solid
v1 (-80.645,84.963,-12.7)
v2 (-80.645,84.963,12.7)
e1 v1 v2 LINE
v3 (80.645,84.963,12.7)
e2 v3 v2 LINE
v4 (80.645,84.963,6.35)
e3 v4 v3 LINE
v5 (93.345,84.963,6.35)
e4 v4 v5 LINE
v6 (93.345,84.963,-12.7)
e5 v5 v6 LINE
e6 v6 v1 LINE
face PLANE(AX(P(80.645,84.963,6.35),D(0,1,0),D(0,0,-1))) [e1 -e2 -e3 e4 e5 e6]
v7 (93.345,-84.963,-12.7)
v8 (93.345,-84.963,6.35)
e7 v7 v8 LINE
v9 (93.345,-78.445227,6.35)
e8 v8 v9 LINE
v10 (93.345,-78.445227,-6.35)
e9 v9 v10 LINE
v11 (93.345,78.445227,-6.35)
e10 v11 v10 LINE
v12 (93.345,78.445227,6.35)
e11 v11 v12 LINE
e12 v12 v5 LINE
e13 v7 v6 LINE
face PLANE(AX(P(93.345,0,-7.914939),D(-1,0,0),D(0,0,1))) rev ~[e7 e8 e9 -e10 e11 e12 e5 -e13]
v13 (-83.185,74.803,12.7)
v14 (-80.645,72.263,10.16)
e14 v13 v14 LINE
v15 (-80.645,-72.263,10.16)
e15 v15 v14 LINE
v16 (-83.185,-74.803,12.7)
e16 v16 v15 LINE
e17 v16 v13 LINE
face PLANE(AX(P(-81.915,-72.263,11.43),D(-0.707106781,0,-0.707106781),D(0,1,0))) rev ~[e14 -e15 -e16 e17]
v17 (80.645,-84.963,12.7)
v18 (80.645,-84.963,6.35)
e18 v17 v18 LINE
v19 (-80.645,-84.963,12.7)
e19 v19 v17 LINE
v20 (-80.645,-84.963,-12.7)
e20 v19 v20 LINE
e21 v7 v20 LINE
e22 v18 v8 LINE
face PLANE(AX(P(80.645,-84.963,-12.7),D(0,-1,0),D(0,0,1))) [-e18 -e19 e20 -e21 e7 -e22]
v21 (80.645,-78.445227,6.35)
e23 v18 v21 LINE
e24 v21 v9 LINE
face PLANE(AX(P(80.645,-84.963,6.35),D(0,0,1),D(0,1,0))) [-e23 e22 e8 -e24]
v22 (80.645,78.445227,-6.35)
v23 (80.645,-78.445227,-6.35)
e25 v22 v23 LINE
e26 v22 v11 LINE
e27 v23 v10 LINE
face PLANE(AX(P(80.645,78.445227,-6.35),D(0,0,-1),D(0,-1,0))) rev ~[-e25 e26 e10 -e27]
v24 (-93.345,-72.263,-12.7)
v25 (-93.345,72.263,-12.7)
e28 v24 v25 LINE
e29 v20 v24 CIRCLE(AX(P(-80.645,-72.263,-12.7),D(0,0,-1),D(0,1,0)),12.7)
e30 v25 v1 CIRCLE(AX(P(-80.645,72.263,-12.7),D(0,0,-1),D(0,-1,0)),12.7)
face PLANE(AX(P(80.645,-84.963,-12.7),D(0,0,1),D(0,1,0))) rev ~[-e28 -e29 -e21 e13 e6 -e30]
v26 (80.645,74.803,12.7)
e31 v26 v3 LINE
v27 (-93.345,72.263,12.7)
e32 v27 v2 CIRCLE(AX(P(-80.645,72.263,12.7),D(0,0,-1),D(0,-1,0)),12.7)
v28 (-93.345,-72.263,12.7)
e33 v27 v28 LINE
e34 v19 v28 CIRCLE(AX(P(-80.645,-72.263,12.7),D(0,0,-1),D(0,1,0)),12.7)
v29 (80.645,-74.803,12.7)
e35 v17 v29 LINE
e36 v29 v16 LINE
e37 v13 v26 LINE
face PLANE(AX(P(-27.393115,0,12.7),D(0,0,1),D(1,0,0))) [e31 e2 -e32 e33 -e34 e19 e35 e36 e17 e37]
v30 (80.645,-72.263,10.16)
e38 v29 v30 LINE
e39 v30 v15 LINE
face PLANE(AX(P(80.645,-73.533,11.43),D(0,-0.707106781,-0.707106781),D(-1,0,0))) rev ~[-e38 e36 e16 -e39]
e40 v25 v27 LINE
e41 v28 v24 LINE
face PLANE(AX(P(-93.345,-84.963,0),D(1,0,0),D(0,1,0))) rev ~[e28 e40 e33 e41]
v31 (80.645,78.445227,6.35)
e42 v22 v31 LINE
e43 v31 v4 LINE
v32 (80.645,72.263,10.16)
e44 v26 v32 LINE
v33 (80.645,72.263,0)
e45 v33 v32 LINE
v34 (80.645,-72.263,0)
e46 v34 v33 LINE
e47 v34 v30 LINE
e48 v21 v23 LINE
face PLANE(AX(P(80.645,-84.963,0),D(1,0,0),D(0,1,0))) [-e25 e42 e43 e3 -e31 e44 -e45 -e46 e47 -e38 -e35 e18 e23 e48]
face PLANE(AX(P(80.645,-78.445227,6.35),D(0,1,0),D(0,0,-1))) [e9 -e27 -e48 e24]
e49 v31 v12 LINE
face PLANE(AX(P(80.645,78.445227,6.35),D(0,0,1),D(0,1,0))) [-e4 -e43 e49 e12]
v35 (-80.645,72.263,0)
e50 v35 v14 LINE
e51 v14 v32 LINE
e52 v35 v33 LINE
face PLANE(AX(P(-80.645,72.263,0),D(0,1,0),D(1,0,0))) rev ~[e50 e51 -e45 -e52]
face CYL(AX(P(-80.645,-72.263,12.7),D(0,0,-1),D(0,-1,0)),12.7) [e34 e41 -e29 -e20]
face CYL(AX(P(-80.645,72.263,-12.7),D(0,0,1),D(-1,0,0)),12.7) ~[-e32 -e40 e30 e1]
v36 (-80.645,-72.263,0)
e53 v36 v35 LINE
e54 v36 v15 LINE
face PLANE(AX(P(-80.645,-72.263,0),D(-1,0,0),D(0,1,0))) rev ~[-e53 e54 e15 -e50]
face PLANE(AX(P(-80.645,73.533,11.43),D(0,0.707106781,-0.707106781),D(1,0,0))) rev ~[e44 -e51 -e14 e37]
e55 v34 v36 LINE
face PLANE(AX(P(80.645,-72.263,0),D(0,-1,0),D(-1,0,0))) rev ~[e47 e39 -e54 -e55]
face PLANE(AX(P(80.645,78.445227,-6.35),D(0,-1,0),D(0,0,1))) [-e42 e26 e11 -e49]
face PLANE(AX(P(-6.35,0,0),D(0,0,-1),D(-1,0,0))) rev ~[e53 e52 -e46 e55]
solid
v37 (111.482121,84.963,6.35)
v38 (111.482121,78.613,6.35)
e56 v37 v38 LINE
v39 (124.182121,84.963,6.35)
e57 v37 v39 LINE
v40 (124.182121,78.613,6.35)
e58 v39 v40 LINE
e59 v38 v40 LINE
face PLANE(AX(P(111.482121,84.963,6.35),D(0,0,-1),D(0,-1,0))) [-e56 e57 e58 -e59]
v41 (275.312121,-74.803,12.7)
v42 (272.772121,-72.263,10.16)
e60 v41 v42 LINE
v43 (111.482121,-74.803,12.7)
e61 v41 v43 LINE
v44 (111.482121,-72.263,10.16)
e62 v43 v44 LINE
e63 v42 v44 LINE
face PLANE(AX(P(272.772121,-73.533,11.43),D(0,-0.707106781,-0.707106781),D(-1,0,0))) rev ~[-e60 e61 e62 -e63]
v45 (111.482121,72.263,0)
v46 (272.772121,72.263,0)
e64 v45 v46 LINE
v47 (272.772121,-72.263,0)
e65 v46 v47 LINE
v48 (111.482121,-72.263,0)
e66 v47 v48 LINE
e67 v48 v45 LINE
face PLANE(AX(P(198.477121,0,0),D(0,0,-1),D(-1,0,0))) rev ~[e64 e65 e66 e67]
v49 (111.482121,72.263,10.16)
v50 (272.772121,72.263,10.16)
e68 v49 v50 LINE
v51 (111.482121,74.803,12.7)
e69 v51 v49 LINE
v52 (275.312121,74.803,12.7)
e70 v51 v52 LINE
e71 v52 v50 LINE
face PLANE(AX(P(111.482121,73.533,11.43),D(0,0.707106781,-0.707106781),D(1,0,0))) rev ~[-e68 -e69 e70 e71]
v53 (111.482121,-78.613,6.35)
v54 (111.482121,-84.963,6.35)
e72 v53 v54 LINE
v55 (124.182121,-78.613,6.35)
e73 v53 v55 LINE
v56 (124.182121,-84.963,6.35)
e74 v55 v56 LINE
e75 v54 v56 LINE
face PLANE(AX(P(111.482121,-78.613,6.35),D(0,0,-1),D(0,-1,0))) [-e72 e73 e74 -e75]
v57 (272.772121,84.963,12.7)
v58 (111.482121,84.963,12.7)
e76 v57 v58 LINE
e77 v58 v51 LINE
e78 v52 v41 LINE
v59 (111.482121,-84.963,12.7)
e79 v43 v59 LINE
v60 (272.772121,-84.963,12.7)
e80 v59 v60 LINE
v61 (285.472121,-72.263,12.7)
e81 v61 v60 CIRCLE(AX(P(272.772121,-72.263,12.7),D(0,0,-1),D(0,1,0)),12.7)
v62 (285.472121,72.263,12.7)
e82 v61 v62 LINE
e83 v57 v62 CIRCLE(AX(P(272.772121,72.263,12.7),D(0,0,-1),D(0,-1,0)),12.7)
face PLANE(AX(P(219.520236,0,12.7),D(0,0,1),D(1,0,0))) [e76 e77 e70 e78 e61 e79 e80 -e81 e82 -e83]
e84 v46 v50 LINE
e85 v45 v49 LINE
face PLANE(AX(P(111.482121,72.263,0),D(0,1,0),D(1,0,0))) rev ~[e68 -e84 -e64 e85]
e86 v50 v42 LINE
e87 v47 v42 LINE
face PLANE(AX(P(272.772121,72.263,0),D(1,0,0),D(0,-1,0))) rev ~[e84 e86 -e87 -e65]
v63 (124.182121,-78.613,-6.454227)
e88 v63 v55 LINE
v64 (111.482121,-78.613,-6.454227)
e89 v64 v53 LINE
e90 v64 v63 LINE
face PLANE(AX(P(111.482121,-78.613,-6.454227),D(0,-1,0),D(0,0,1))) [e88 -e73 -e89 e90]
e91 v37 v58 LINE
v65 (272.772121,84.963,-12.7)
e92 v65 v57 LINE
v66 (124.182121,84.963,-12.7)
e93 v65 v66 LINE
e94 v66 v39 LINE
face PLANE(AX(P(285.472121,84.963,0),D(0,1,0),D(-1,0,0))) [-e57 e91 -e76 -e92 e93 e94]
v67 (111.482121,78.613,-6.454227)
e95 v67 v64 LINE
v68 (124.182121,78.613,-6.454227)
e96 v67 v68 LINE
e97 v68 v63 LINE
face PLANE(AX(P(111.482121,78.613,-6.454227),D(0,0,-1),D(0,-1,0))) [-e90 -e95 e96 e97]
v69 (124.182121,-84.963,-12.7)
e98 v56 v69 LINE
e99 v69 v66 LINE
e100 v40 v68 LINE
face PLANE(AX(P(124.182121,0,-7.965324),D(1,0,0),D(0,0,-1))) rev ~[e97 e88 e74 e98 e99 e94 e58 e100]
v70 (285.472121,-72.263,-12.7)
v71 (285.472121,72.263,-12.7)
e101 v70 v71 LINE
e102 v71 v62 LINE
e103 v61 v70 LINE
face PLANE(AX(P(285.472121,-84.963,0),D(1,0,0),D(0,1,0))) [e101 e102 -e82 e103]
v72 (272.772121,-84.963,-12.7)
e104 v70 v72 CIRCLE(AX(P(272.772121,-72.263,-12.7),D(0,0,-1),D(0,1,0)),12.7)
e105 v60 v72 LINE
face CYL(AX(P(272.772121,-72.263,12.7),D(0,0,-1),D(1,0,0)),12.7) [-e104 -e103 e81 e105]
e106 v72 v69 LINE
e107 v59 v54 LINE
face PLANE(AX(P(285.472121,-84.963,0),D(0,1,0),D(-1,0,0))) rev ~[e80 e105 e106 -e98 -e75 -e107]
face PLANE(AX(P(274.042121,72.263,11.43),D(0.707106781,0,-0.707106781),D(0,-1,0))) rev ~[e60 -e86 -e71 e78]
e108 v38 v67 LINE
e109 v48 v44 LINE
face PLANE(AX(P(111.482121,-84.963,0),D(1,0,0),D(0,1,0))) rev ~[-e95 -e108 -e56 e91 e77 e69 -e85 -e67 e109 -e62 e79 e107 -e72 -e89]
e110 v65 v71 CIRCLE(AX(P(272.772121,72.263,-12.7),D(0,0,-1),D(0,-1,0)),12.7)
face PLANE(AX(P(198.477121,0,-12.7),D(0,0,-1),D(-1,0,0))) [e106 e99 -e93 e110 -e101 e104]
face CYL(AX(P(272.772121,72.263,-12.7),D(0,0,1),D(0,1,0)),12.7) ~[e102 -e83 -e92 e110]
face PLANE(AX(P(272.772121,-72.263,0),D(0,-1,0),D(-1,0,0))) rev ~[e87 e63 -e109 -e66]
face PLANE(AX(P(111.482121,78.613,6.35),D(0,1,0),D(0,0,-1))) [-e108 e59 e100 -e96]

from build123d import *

# Parameters (mm, degrees)
BOSS_EXTRUDE1_DEPTH = 12.7
SKETCH2_W           = 173.99
SKETCH2_H           = 169.926
BOSS_EXTRUDE2_DEPTH = 12.7
FILLET1_R           = 12.7
FILLET2_SIZE        = 2.54
BOSS_EXTRUDE5_DEPTH = 12.7
BOSS_EXTRUDE6_DEPTH = 12.7
SKETCH8_W           = 173.99
SKETCH8_H           = 169.926
BOSS_EXTRUDE7_DEPTH = 12.7
CUT_EXTRUDE1_DEPTH  = 12.7
CHAMFER1_SIZE       = 2.54
FILLET4_R           = 12.7


with BuildPart() as part:
    # Sketch1 → Boss-Extrude1 (new body)
    with BuildSketch(Plane.XY):
        Polygon((-80.645, 72.263), (80.645, 72.263), (80.645, 84.963), (-93.345, 84.963), (-93.345, -84.963), (80.645, -84.963), (80.645, -72.263), (-80.645, -72.263), align=None)
    extrude(amount=BOSS_EXTRUDE1_DEPTH)

    # Sketch2 → Boss-Extrude2 (add)
    with BuildSketch(Plane(origin=(0, 0, 0), x_dir=(-1, 0, 0), z_dir=(0, 0, -1))):
        with Locations((6.35, 0)):
            Rectangle(SKETCH2_W, SKETCH2_H)
    extrude(amount=BOSS_EXTRUDE2_DEPTH)

    # Fillet1
    fillet1_edges = [part.edges().sort_by_distance(p)[0] for p in [
        (-93.345, -84.963, 0),
        (-93.345, 84.963, 0),
    ]]
    fillet(fillet1_edges, radius=FILLET1_R)

    # Fillet2
    fillet2_edges = [part.edges().sort_by_distance(p)[0] for p in [
        (0, -72.263, 12.7),
        (-80.645, 0, 12.7),
        (0, 72.263, 12.7),
    ]]
    chamfer(fillet2_edges, length=FILLET2_SIZE)

    # Sketch6 → Boss-Extrude5 (add)
    with BuildSketch(Plane(origin=(80.645, 0, 0), x_dir=(0, 0, -1), z_dir=(1, 0, 0))):
        Polygon((-6.35, 84.963), (12.7, 84.963), (12.7, 65.913), (12.7, -65.913), (12.7, -84.963), (-6.35, -84.963), (-6.35, -78.445226504), (6.35, -78.445226504), (6.35, -65.659), (6.35, 65.659), (6.35, 78.445226504), (-6.35, 78.445226504), align=None)
    extrude(amount=BOSS_EXTRUDE5_DEPTH)


with BuildPart() as body_2:
    # Sketch7 → Boss-Extrude6 (new body)
    with BuildSketch(Plane.XY):
        Polygon((285.472121408, 84.963), (111.482121408, 84.963), (111.482121408, 72.263), (272.772121408, 72.263), (272.772121408, -72.263), (111.482121408, -72.263), (111.482121408, -84.963), (285.472121408, -84.963), align=None)
    extrude(amount=BOSS_EXTRUDE6_DEPTH)

    # Sketch8 → Boss-Extrude7 (add)
    with BuildSketch(Plane(origin=(0, 0, 0), x_dir=(-1, 0, 0), z_dir=(0, 0, -1))):
        with Locations((-198.477121408, 0)):
            Rectangle(SKETCH8_W, SKETCH8_H)
    extrude(amount=BOSS_EXTRUDE7_DEPTH)

    # Sketch9 → Cut-Extrude1 (cut)
    with BuildSketch(Plane.ZY.offset(-111.482121408)):
        Polygon((-12.7, 84.963), (6.35, 84.963), (6.35, 78.613), (-6.454227482, 78.613), (-6.454227482, -78.613), (6.35, -78.613), (6.35, -84.963), (-12.7, -84.963), align=None)
    extrude(amount=-CUT_EXTRUDE1_DEPTH, mode=Mode.SUBTRACT)

    # Chamfer1
    chamfer1_edges = [body_2.edges().sort_by_distance(p)[0] for p in [
        (272.772121408, 0, 12.7),
        (192.127121408, -72.263, 12.7),
        (192.127121408, 72.263, 12.7),
    ]]
    chamfer(chamfer1_edges, length=CHAMFER1_SIZE)

    # Fillet4
    fillet4_edges = [body_2.edges().sort_by_distance(p)[0] for p in [
        (285.472121408, 84.963, 0),
        (285.472121408, -84.963, 0),
    ]]
    fillet(fillet4_edges, radius=FILLET4_R)


solid = Compound([part.part, body_2.part])
